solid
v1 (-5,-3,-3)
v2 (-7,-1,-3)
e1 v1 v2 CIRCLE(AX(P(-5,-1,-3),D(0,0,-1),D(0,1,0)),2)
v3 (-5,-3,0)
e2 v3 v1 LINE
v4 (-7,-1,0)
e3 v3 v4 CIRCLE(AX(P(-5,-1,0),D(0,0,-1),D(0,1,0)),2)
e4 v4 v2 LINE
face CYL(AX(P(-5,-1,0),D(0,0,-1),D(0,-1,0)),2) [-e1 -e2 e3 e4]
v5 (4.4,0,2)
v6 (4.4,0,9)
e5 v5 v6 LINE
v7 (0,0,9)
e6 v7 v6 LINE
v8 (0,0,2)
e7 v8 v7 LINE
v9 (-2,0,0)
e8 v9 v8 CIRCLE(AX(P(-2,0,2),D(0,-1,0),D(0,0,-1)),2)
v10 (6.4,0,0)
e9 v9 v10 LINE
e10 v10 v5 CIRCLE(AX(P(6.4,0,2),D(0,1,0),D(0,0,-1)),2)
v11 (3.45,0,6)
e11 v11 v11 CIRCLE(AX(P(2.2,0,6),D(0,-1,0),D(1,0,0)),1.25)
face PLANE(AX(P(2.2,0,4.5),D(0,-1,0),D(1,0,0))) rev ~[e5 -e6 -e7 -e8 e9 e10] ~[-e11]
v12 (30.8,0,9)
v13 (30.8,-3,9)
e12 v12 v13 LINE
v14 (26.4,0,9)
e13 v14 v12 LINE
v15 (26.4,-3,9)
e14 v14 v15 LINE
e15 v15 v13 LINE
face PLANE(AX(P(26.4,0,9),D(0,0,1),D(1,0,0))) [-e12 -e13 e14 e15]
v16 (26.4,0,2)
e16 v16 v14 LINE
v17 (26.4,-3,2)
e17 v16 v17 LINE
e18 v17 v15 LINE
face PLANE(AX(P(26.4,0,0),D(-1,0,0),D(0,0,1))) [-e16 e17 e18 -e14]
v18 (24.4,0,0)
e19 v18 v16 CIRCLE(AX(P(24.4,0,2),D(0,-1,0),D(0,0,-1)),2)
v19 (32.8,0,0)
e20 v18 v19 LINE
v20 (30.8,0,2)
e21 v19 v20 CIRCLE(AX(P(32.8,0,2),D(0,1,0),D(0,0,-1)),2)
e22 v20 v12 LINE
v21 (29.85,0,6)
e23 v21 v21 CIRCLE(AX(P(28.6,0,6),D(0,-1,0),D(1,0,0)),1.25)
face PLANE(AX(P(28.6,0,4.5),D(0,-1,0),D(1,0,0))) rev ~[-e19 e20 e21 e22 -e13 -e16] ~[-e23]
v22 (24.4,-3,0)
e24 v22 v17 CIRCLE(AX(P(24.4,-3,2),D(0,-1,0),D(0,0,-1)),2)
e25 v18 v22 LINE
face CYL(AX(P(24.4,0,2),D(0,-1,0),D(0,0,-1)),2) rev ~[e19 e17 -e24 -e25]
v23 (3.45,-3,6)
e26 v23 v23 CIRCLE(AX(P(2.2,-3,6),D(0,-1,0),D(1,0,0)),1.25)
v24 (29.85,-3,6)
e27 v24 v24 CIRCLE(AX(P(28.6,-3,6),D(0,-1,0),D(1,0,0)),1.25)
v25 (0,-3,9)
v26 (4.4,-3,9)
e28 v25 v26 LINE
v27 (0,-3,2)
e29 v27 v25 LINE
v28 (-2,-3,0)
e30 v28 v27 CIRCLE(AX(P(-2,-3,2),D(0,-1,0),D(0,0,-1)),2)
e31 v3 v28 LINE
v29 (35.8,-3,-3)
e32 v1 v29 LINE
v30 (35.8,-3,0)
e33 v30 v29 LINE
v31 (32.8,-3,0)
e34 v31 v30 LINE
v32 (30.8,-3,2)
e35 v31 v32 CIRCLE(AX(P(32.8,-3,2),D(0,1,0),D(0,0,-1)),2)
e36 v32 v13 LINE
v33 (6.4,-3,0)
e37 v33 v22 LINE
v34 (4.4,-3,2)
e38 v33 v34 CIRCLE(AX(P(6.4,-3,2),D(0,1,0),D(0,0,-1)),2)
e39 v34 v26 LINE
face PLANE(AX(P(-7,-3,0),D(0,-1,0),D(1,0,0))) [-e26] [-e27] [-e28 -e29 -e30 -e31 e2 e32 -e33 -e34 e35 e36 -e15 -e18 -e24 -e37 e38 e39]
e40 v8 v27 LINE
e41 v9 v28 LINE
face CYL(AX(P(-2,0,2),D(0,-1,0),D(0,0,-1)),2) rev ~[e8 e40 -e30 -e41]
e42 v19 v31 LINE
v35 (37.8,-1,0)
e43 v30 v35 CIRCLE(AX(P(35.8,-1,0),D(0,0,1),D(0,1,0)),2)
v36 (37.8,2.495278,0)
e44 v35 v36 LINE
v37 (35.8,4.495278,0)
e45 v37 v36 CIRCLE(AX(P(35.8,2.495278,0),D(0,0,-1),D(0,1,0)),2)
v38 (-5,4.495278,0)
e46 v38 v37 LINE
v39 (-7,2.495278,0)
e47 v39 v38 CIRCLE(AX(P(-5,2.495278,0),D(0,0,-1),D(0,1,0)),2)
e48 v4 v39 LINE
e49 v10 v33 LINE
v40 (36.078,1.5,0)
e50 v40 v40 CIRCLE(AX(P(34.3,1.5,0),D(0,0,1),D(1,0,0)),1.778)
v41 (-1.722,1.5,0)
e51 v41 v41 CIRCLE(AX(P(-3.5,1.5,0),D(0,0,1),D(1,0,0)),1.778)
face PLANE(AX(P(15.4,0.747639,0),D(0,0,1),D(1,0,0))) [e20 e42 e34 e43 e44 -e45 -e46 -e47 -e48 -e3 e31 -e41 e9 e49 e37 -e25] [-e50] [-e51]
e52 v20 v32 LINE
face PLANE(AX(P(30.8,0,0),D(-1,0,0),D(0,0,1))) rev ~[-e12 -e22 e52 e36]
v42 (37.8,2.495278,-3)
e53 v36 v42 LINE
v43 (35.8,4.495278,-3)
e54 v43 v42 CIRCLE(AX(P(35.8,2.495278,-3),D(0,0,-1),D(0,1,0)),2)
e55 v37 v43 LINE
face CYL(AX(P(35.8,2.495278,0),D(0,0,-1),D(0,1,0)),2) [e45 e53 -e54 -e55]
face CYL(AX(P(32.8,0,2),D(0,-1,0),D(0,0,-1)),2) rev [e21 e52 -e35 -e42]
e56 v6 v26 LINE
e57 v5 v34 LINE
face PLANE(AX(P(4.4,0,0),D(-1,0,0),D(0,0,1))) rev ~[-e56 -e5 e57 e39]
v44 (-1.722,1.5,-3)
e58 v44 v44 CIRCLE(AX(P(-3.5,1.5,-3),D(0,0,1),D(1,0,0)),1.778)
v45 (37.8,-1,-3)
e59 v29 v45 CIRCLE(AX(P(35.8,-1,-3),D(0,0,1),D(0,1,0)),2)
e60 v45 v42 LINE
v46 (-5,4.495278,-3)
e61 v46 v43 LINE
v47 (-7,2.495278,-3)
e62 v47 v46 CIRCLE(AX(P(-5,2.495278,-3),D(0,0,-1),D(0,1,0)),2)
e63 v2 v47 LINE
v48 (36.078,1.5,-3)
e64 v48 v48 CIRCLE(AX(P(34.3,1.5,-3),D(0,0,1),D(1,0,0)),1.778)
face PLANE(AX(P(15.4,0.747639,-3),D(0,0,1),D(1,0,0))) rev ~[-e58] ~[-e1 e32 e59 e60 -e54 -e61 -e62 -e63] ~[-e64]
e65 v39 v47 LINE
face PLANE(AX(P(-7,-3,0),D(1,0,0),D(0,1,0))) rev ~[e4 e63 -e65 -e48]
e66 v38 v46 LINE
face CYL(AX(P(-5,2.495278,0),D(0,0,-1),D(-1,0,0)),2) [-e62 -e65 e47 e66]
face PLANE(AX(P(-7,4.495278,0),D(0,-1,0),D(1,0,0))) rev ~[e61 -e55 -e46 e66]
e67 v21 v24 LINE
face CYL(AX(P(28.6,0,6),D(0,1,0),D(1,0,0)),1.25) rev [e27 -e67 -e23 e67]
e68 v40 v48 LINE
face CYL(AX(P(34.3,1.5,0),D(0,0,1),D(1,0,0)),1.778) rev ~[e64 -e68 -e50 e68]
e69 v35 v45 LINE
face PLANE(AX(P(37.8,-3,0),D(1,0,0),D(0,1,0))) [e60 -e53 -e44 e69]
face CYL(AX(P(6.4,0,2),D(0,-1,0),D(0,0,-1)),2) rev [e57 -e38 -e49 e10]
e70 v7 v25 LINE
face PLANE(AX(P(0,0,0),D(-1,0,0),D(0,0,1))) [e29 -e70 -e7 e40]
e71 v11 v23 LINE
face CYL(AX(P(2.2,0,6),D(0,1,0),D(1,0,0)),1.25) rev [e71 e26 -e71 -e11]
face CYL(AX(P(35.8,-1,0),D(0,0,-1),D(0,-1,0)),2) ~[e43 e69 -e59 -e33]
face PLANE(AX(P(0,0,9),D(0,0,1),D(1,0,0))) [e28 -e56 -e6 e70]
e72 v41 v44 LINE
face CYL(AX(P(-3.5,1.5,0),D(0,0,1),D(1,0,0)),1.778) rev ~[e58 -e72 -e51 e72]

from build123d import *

# Parameters (mm, degrees)
F0_W     = 4.4
F0_H     = 9
F0_R     = 1.25
F1_DEPTH = 3
F2_W     = 44.8
F2_H     = 7.4952778638
F2_R     = 1.778
F3_DEPTH = 3
F4_R     = 2
F5_R     = 2


with BuildPart() as f1:
    # F0 (on Front) → F1 (new body)
    with BuildSketch(Plane.XZ):
        with Locations((2.2, 4.5)):
            Rectangle(F0_W, F0_H)
        with Locations((2.2, 6)):
            Circle(F0_R, mode=Mode.SUBTRACT)
    extrude(amount=F1_DEPTH)



with BuildPart() as f1b:
    # F0 (on Front) → F1, piece 2 (new body)
    with BuildSketch(Plane.XZ):
        with Locations((28.6, 4.5)):
            Rectangle(F0_W, F0_H)
        with Locations((28.6, 6)):
            Circle(F0_R, mode=Mode.SUBTRACT)
    extrude(amount=F1_DEPTH)


with BuildPart() as f1_1:
    add(f1.part)

    add(f1b.part)  # F3 merges F1b
    # F2 (on Top) → F3 (join)
    with BuildSketch(Plane.XY):
        with Locations((15.4, 0.7476389319)):
            Rectangle(F2_W, F2_H)
        with Locations((-3.5, 1.5)):
            Circle(F2_R, mode=Mode.SUBTRACT)
        with Locations((34.3, 1.5)):
            Circle(F2_R, mode=Mode.SUBTRACT)
    extrude(amount=-F3_DEPTH)

    # F4
    f4_edges = [f1_1.edges().sort_by_distance(p)[0] for p in [
        (0, -1.5, 0),
        (4.4, -1.5, 0),
        (26.4, -1.5, 0),
        (30.8, -1.5, 0),
    ]]
    fillet(f4_edges, radius=F4_R)

    # F5
    f5_edges = [f1_1.edges().sort_by_distance(p)[0] for p in [
        (-7, -3, -1.5),
        (-7, 4.495278, -1.5),
        (37.8, -3, -1.5),
        (37.8, 4.495278, -1.5),
    ]]
    fillet(f5_edges, radius=F5_R)


solid = f1_1.part
